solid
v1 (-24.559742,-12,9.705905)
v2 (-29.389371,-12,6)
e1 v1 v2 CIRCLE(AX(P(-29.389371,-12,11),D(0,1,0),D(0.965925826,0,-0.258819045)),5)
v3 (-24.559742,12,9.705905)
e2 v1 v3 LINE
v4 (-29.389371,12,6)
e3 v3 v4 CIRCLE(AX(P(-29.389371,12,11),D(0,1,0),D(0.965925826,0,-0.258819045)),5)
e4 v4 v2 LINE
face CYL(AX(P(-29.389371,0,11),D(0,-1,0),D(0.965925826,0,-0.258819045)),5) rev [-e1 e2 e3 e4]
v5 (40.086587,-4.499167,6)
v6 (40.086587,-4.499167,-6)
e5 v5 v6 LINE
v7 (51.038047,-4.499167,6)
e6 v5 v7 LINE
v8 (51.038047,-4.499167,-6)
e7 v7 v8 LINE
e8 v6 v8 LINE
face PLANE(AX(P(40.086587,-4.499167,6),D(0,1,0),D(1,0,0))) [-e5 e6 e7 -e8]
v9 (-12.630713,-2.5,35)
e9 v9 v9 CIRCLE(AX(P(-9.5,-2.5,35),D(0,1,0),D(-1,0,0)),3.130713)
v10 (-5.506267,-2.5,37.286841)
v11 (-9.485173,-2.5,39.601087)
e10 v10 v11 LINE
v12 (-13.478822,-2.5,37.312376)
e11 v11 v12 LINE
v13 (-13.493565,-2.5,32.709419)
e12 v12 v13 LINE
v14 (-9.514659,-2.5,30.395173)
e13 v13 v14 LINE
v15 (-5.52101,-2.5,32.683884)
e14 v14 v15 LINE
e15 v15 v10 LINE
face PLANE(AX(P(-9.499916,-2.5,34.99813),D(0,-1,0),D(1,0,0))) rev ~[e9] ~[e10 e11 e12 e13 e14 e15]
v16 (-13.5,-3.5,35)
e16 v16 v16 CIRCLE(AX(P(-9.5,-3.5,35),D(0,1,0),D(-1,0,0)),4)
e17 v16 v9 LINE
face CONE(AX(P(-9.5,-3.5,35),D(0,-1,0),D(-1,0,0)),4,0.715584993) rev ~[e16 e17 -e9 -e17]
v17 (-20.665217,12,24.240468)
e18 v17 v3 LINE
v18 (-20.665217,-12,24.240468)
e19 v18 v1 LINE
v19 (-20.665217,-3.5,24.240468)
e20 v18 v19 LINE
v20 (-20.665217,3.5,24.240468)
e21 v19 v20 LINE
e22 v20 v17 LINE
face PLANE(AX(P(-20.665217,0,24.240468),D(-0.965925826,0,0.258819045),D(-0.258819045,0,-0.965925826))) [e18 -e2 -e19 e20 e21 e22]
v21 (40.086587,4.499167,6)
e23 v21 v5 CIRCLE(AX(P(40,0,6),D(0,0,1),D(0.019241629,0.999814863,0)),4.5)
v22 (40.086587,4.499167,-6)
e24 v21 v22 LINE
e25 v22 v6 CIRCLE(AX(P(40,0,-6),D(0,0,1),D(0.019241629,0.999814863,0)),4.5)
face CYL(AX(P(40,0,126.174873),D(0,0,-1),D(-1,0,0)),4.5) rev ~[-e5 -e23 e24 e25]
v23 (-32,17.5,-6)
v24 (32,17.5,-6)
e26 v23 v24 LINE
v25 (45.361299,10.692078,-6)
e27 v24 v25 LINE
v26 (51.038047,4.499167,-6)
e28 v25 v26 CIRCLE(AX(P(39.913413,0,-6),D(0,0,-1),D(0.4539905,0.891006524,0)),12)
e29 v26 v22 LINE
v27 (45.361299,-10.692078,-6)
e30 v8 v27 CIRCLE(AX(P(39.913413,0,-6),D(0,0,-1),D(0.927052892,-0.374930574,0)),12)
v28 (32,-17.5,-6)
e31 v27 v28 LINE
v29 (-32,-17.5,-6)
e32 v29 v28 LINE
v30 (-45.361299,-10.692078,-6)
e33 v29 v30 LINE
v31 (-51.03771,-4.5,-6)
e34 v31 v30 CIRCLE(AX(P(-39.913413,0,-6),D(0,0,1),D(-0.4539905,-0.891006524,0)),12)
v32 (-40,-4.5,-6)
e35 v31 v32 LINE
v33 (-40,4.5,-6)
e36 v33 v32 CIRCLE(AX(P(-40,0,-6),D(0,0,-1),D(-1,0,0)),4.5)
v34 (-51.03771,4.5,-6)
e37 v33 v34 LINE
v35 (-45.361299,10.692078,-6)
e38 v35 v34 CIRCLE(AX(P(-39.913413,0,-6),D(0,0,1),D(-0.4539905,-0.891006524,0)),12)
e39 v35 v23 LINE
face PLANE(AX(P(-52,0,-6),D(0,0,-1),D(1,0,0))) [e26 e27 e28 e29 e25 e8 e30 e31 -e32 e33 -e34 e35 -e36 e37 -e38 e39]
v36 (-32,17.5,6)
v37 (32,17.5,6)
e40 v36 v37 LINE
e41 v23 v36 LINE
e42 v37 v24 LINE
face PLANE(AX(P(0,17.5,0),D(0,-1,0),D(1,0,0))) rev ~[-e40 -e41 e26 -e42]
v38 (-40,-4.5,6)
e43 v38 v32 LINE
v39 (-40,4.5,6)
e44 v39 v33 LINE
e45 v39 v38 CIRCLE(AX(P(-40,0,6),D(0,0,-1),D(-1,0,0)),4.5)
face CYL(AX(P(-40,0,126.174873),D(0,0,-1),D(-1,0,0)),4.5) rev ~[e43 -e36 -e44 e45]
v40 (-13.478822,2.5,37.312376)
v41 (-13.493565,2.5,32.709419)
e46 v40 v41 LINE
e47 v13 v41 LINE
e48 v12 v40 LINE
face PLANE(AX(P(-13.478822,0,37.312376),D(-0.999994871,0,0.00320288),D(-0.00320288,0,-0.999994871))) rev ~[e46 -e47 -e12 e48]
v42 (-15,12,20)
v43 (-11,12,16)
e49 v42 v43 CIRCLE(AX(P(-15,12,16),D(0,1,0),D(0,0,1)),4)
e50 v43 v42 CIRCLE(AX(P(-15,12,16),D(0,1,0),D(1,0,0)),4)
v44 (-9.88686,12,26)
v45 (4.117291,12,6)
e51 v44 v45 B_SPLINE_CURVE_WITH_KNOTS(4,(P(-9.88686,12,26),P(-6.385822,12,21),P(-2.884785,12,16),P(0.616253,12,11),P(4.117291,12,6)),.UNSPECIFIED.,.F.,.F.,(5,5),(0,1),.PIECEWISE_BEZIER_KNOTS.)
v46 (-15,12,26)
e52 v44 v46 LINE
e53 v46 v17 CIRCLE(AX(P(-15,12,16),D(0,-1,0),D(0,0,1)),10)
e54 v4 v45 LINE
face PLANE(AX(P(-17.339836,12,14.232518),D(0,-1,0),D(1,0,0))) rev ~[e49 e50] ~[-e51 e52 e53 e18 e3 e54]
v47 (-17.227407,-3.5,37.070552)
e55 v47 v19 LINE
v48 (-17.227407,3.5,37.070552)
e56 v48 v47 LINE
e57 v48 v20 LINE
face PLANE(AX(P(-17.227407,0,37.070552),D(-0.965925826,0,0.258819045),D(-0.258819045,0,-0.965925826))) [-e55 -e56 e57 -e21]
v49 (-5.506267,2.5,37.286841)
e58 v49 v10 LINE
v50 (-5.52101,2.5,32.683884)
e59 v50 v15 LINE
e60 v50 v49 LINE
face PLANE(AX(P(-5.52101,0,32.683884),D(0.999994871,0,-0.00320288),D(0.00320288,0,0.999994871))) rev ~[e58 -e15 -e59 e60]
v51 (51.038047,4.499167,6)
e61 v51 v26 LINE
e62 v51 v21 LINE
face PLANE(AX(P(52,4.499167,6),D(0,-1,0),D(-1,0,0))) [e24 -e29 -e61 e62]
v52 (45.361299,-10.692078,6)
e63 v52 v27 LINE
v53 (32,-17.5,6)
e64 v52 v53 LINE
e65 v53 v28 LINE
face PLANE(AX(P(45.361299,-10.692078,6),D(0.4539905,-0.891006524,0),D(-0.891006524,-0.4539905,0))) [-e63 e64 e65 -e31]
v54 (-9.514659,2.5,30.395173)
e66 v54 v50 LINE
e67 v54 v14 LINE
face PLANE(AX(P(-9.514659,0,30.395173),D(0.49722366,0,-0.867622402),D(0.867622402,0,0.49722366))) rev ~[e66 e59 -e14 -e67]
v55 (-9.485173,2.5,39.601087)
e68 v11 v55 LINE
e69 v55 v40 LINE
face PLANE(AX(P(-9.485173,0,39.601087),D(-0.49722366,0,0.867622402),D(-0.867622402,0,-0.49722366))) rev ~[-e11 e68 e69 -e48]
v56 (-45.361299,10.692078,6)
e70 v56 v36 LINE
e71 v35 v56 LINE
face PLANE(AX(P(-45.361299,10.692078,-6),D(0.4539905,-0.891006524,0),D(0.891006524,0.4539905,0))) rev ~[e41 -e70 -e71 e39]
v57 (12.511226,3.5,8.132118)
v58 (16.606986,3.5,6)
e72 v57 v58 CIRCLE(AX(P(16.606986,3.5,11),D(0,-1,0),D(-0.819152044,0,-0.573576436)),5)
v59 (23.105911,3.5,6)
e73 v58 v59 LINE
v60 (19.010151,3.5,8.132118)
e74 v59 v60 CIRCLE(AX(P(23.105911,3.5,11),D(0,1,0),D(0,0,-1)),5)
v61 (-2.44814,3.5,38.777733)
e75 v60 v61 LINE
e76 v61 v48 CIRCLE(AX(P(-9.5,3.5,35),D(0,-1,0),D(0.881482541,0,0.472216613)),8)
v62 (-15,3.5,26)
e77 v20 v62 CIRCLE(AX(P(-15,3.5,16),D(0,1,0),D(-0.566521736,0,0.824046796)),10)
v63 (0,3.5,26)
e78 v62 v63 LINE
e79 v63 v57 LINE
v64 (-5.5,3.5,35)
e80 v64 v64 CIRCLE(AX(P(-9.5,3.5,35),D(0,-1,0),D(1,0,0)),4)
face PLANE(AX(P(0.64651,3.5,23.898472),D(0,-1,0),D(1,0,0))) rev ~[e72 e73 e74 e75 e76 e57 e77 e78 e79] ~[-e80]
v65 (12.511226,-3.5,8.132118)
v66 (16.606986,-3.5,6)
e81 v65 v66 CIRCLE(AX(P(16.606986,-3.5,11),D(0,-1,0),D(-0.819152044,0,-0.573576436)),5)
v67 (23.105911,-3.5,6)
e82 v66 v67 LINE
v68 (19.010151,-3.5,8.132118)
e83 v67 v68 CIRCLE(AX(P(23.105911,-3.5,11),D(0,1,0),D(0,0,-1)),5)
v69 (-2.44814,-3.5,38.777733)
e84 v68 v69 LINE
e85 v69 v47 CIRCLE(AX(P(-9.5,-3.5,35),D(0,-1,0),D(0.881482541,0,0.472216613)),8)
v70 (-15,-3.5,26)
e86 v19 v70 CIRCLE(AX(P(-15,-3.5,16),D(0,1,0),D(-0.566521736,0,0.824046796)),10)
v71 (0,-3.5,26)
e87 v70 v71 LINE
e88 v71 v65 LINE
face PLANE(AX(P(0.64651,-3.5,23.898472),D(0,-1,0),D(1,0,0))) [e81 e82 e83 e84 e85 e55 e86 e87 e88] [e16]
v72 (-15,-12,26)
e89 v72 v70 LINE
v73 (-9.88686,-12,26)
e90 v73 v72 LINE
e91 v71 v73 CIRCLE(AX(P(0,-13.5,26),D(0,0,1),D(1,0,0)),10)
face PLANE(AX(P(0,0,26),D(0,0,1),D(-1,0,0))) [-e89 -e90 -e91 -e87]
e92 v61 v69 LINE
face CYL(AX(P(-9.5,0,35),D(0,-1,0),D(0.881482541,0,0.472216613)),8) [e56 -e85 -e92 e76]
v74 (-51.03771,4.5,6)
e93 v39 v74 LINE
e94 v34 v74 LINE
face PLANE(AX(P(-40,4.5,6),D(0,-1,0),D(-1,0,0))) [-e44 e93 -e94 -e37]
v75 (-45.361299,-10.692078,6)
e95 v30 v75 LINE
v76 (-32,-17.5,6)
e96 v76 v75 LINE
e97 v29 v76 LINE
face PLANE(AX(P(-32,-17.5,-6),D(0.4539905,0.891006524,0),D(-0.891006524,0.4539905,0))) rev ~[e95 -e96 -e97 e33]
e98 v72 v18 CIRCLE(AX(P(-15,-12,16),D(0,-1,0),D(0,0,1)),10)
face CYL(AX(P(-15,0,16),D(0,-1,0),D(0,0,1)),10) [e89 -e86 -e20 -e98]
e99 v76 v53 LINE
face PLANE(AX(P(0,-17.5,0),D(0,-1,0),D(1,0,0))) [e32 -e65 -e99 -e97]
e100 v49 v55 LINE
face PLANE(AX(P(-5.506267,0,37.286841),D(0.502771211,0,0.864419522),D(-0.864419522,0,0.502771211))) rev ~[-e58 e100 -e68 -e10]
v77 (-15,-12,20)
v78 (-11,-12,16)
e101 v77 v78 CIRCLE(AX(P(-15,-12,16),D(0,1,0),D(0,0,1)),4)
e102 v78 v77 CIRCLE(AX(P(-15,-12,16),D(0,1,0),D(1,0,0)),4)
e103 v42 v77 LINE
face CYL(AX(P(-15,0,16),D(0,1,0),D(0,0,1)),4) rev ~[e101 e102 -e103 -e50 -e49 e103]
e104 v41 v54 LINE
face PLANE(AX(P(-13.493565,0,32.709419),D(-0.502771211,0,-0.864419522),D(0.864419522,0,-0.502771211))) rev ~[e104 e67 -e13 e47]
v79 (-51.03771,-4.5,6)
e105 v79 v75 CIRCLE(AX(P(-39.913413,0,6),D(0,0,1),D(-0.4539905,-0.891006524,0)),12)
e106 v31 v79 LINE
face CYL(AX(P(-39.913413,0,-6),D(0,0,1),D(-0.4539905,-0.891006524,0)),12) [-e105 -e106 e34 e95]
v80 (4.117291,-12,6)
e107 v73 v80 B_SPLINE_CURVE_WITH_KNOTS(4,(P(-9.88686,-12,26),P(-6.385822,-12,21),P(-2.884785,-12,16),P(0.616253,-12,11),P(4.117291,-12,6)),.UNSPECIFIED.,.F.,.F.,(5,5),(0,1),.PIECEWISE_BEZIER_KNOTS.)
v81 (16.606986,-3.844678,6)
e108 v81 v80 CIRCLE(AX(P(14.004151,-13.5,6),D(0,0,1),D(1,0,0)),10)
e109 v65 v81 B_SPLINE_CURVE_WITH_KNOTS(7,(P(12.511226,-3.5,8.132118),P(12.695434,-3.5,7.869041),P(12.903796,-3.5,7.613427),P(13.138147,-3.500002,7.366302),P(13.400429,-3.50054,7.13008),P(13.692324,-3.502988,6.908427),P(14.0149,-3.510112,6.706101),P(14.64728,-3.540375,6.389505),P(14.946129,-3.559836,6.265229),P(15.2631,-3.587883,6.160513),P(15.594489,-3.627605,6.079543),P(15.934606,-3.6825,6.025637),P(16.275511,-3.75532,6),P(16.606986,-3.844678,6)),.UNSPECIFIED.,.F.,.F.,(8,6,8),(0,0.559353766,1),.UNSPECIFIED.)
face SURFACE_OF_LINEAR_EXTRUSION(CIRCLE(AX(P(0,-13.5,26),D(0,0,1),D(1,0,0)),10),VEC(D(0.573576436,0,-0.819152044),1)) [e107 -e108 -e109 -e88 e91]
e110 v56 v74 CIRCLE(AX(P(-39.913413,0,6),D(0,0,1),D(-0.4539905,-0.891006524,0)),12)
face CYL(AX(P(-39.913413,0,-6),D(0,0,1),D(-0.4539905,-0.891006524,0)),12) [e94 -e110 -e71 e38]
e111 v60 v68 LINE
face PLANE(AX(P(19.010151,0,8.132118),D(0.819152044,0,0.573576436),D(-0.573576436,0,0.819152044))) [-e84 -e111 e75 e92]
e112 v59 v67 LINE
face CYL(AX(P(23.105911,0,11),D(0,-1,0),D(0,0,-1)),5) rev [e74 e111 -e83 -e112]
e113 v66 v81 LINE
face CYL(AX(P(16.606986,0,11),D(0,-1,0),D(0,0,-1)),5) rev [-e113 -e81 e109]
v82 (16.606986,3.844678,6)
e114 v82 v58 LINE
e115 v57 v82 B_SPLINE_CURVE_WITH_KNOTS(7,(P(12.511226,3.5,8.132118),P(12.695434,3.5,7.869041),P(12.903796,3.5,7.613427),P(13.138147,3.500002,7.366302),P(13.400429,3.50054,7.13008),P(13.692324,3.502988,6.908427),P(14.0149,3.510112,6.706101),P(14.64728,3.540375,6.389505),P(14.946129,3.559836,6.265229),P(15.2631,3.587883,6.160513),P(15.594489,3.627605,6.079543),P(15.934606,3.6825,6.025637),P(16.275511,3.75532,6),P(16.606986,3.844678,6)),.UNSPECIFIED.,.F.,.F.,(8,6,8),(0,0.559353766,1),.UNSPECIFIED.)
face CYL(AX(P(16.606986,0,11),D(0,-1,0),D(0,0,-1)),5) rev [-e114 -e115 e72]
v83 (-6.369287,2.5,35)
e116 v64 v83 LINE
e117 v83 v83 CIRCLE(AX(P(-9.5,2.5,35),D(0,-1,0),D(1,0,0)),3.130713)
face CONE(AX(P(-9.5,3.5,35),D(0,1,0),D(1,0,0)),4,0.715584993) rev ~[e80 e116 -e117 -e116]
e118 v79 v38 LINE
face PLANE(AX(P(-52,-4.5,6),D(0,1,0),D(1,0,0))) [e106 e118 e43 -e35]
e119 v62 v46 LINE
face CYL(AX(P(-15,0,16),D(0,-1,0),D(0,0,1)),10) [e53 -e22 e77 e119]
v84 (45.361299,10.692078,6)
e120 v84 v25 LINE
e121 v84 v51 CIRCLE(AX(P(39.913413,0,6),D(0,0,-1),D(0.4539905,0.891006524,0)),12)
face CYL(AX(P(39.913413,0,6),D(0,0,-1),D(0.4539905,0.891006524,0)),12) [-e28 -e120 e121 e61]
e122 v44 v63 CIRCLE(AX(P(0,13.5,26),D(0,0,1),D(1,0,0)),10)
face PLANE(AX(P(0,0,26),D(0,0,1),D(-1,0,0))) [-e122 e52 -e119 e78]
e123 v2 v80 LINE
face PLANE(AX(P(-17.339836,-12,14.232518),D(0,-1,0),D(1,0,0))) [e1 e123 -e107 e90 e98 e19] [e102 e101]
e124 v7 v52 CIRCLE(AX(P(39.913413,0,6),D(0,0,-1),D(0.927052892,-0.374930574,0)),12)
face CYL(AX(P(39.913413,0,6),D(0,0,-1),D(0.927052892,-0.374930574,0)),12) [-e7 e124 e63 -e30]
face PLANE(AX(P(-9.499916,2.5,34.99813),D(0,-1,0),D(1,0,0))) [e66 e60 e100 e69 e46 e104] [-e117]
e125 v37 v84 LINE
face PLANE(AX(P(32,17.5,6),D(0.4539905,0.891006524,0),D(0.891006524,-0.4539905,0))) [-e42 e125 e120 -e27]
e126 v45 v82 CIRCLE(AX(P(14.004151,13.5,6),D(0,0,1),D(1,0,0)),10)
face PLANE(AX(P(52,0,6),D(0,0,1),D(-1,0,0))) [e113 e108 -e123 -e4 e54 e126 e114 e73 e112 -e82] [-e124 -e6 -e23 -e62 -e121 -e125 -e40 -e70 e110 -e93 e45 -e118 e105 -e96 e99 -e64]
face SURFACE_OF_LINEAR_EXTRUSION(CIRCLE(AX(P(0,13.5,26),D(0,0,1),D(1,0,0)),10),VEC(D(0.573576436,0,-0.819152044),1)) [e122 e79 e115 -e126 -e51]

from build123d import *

# Parameters (mm, degrees)
F1_DEPTH        = 17.5
F2_DEPTH        = 12
F3_DEPTH        = 3.5
F4_R            = 10
F7_R            = 10
F11_D           = 9
F13_D           = 9
F20_D           = 5.5
F20_DEPTH       = 3.5
F20_CSINK_D     = 8
F20_CSINK_ANGLE = 82
F20_TIP         = 1.6523667023
F22_D           = 5.5
F22_DEPTH       = 3.5
F22_CSINK_D     = 8
F22_CSINK_ANGLE = 82
F22_TIP         = 1.6523667023
F24_DEPTH       = 2.5


with BuildPart() as f1:
    # F0 (on Front) → F1 (new body, symmetric)
    with BuildSketch(Plane.XZ):
        Polygon((52, -6), (52, 6), (23.1059112473, 6), (16.606986017, 6), (9.0432994782, 6), (7.106986017, 6), (-9.5, 6), (-29.3893709637, 6), (-52, 6), (-52, -6), align=None)
    extrude(amount=F1_DEPTH, both=True)

    # F0 (on Front) → F2 (join, symmetric)
    with BuildSketch(Plane.XZ):
        with BuildLine():
            ThreePointArc((-24.5597418322, 9.7059047745), (-26.3455638186, 7.0332332985), (-29.3893709637, 6))
            Line((-29.3893709637, 6), (-9.5, 6))
            Line((-9.5, 6), (-9.5, 26))
            Line((-9.5, 26), (-15, 26))
            ThreePointArc((-15, 26), (-17.9660849945, 25.5499916129), (-20.665217364, 24.2404679611))
            Line((-20.665217364, 24.2404679611), (-24.5597418322, 9.7059047745))
        make_face()
        with BuildLine():
            ThreePointArc((-11, 16), (-17.8284271247, 13.1715728753), (-15, 20))
            ThreePointArc((-15, 20), (-12.1715728753, 18.8284271247), (-11, 16))
        make_face(mode=Mode.SUBTRACT)
        with BuildLine():
            Line((-9.5, 6), (7.106986017, 6))
            ThreePointArc((7.106986017, 6), (4.7982429508, 6.5649458341), (3.0112257955, 8.1321178182))
            Line((3.0112257955, 8.1321178182), (-9.5, 26))
            Line((-9.5, 26), (-9.5, 6))
        make_face()
        with BuildLine():
            Line((9.0432994782, 6), (16.606986017, 6))
            ThreePointArc((16.606986017, 6), (14.2982429508, 6.5649458341), (12.5112257955, 8.1321178182))
            Line((12.5112257955, 8.1321178182), (0, 26))
            Line((0, 26), (-9.5, 26))
            Line((-9.5, 26), (3.0112257955, 8.1321178182))
            ThreePointArc((3.0112257955, 8.1321178182), (4.7982429508, 6.5649458341), (7.106986017, 6))
            Line((7.106986017, 6), (9.0432994782, 6))
        make_face()
    extrude(amount=F2_DEPTH, both=True)

    # F0 (on Front) → F3 (join, symmetric)
    with BuildSketch(Plane.XZ):
        with BuildLine():
            Line((16.606986017, 6), (23.1059112473, 6))
            ThreePointArc((23.1059112473, 6), (20.7971681811, 6.5649458341), (19.0101510258, 8.1321178182))
            Line((19.0101510258, 8.1321178182), (-2.4481396714, 38.7777329056))
            ThreePointArc((-2.4481396714, 38.7777329056), (-10.4179907667, 42.9471562808), (-17.2274066103, 37.0705523608))
            Line((-17.2274066103, 37.0705523608), (-20.665217364, 24.2404679611))
            ThreePointArc((-20.665217364, 24.2404679611), (-17.9660849945, 25.5499916129), (-15, 26))
            Line((-15, 26), (-9.5, 26))
            Line((-9.5, 26), (0, 26))
            Line((0, 26), (12.5112257955, 8.1321178182))
            ThreePointArc((12.5112257955, 8.1321178182), (14.2982429508, 6.5649458341), (16.606986017, 6))
        make_face()
        with BuildLine():
            ThreePointArc((-6.75, 35), (-7.5554563517, 33.0554563517), (-9.5, 32.25))
            ThreePointArc((-9.5, 32.25), (-11.4445436483, 36.9445436483), (-6.75, 35))
        make_face(mode=Mode.SUBTRACT)
    extrude(amount=F3_DEPTH, both=True)

    # F8: sweep along a path in F5
    with BuildLine(Plane.XZ.offset(12)) as f8_path:
        Line((0, 26), (14.0041507642, 6))
    # F4 (on face) → F8 (sweep, cut)
    with BuildSketch(Plane.XY.offset(26)):
        with Locations((0, -13.5)):
            Circle(F4_R)
    sweep(path=f8_path.line, mode=Mode.SUBTRACT)

    # F9: sweep along a path in F6
    with BuildLine(Plane(origin=(0, 12, 0), x_dir=(-1, 0, 0), z_dir=(0, 1, 0))) as f9_path:
        Line((0, 26), (-14.0041507642, 6))
    # F7 (on face) → F9 (sweep, cut)
    with BuildSketch(Plane.XY.offset(26)):
        with Locations((0, 13.5)):
            Circle(F7_R)
    sweep(path=f9_path.line, mode=Mode.SUBTRACT)

    # F11 (through all)
    with Locations(Plane.XY.offset(6)):
        with Locations((40, 0)):
            Hole(F11_D / 2)

    # F13 (through all)
    with Locations(Plane.XY.offset(6)):
        with Locations((-40, 0)):
            Hole(F13_D / 2)

    # F15: sweep along a path in F15_path
    with BuildLine(Plane(origin=(-52, -17.5, -6), x_dir=(0, 0, -1), z_dir=(0, 1, 0))) as f15_path:
        Line((0, 0), (-12, 0))
    # F14 (on face) → F15 (sweep, cut)
    with BuildSketch(Plane.XY.offset(6)):
        with BuildLine():
            Line((-45.3612986682, 10.6920782903), (-32, 17.5))
            Line((-32, 17.5), (-52, 17.5))
            Line((-52, 17.5), (-52, -17.5))
            Line((-52, -17.5), (-32, -17.5))
            Line((-32, -17.5), (-45.3612986682, -10.6920782903))
            ThreePointArc((-45.3612986682, -10.6920782903), (-51.9134126713, 0), (-45.3612986682, 10.6920782903))
        make_face()
    sweep(path=f15_path.line, mode=Mode.SUBTRACT)

    # F16: sweep along a path in F0
    with BuildLine(Plane.XZ) as f16_path:
        Line((-52, 6), (-52, -6))
    # F12 (on face) → F16 (sweep, cut)
    with BuildSketch(Plane.XY.offset(6)):
        with BuildLine():
            ThreePointArc((-40, -4.5), (-44.5, 0), (-40, 4.5))
            Line((-40, 4.5), (-52, 4.5))
            Line((-52, 4.5), (-52, -4.5))
            Line((-52, -4.5), (-40, -4.5))
        make_face()
    sweep(path=f16_path.line, mode=Mode.SUBTRACT)

    # F17: sweep along a path in F17_path
    with BuildLine(Plane(origin=(52, 17.5, 6), x_dir=(0, 0, 1), z_dir=(0, -1, 0))) as f17_path:
        Line((0, 0), (-12, 0))
    # F12 (on face) → F17 (sweep, cut)
    with BuildSketch(Plane.XY.offset(6)):
        with BuildLine():
            Line((45.3612986682, -10.6920782903), (32, -17.5))
            Line((32, -17.5), (52, -17.5))
            Line((52, -17.5), (52, -4.4991668823))
            Line((52, -4.4991668823), (51.0380473784, -4.4991668823))
            ThreePointArc((51.0380473784, -4.4991668823), (48.7593240742, -8.1086282103), (45.3612986682, -10.6920782903))
        make_face()
    sweep(path=f17_path.line, mode=Mode.SUBTRACT)

    # F18: sweep along a path in F18_path
    with BuildLine(Plane(origin=(52, 17.5, 6), x_dir=(0, 0, 1), z_dir=(0, -1, 0))) as f18_path:
        Line((0, 0), (-12, 0))
    # F12 (on face) → F18 (sweep, cut)
    with BuildSketch(Plane.XY.offset(6)):
        with BuildLine():
            ThreePointArc((51.0380473784, -4.4991668823), (51.9134126713, 0), (51.0380473784, 4.4991668823))
            Line((51.0380473784, 4.4991668823), (40.0865873287, 4.4991668823))
            ThreePointArc((40.0865873287, 4.4991668823), (43.2124478968, 3.1512185755), (44.5, 0))
            ThreePointArc((44.5, 0), (43.2124478968, -3.1512185755), (40.0865873287, -4.4991668823))
            Line((40.0865873287, -4.4991668823), (51.0380473784, -4.4991668823))
        make_face()
        with BuildLine():
            Line((52, 4.4991668823), (51.0380473784, 4.4991668823))
            ThreePointArc((51.0380473784, 4.4991668823), (51.9134126713, 0), (51.0380473784, -4.4991668823))
            Line((51.0380473784, -4.4991668823), (52, -4.4991668823))
            Line((52, -4.4991668823), (52, 4.4991668823))
        make_face()
        with BuildLine():
            Line((52, 17.5), (32, 17.5))
            Line((32, 17.5), (45.3612986682, 10.6920782903))
            ThreePointArc((45.3612986682, 10.6920782903), (48.7593240742, 8.1086282103), (51.0380473784, 4.4991668823))
            Line((51.0380473784, 4.4991668823), (52, 4.4991668823))
            Line((52, 4.4991668823), (52, 17.5))
        make_face()
    sweep(path=f18_path.line, mode=Mode.SUBTRACT)

    # F20
    with Locations(Plane.XZ.offset(3.5)):
        with Locations((-9.5, 35)):
            CounterSinkHole(F20_D / 2, F20_CSINK_D / 2, depth=F20_DEPTH, counter_sink_angle=F20_CSINK_ANGLE)
            with Locations((0, 0, -(F20_DEPTH + F20_TIP / 2))):  # 118° drill point
                Cone(0, F20_D / 2, F20_TIP, mode=Mode.SUBTRACT)

    # F22
    with Locations(Plane(origin=(0, 3.5, 0), x_dir=(-1, 0, 0), z_dir=(0, 1, 0))):
        with Locations((9.5, 35)):
            CounterSinkHole(F22_D / 2, F22_CSINK_D / 2, depth=F22_DEPTH, counter_sink_angle=F22_CSINK_ANGLE)
            with Locations((0, 0, -(F22_DEPTH + F22_TIP / 2))):  # 118° drill point
                Cone(0, F22_D / 2, F22_TIP, mode=Mode.SUBTRACT)

    # F23 (on Front) → F24 (cut, symmetric)
    with BuildSketch(Plane.XZ):
        Polygon((-13.4935649536, 32.709419195), (-9.5146586694, 30.3951730687), (-5.5210095913, 32.6838839269), (-5.5062667973, 37.2868409115), (-9.4851730816, 39.6010870379), (-13.4788221597, 37.3123761796), align=None)
    extrude(amount=F24_DEPTH, both=True, mode=Mode.SUBTRACT)


solid = f1.part
